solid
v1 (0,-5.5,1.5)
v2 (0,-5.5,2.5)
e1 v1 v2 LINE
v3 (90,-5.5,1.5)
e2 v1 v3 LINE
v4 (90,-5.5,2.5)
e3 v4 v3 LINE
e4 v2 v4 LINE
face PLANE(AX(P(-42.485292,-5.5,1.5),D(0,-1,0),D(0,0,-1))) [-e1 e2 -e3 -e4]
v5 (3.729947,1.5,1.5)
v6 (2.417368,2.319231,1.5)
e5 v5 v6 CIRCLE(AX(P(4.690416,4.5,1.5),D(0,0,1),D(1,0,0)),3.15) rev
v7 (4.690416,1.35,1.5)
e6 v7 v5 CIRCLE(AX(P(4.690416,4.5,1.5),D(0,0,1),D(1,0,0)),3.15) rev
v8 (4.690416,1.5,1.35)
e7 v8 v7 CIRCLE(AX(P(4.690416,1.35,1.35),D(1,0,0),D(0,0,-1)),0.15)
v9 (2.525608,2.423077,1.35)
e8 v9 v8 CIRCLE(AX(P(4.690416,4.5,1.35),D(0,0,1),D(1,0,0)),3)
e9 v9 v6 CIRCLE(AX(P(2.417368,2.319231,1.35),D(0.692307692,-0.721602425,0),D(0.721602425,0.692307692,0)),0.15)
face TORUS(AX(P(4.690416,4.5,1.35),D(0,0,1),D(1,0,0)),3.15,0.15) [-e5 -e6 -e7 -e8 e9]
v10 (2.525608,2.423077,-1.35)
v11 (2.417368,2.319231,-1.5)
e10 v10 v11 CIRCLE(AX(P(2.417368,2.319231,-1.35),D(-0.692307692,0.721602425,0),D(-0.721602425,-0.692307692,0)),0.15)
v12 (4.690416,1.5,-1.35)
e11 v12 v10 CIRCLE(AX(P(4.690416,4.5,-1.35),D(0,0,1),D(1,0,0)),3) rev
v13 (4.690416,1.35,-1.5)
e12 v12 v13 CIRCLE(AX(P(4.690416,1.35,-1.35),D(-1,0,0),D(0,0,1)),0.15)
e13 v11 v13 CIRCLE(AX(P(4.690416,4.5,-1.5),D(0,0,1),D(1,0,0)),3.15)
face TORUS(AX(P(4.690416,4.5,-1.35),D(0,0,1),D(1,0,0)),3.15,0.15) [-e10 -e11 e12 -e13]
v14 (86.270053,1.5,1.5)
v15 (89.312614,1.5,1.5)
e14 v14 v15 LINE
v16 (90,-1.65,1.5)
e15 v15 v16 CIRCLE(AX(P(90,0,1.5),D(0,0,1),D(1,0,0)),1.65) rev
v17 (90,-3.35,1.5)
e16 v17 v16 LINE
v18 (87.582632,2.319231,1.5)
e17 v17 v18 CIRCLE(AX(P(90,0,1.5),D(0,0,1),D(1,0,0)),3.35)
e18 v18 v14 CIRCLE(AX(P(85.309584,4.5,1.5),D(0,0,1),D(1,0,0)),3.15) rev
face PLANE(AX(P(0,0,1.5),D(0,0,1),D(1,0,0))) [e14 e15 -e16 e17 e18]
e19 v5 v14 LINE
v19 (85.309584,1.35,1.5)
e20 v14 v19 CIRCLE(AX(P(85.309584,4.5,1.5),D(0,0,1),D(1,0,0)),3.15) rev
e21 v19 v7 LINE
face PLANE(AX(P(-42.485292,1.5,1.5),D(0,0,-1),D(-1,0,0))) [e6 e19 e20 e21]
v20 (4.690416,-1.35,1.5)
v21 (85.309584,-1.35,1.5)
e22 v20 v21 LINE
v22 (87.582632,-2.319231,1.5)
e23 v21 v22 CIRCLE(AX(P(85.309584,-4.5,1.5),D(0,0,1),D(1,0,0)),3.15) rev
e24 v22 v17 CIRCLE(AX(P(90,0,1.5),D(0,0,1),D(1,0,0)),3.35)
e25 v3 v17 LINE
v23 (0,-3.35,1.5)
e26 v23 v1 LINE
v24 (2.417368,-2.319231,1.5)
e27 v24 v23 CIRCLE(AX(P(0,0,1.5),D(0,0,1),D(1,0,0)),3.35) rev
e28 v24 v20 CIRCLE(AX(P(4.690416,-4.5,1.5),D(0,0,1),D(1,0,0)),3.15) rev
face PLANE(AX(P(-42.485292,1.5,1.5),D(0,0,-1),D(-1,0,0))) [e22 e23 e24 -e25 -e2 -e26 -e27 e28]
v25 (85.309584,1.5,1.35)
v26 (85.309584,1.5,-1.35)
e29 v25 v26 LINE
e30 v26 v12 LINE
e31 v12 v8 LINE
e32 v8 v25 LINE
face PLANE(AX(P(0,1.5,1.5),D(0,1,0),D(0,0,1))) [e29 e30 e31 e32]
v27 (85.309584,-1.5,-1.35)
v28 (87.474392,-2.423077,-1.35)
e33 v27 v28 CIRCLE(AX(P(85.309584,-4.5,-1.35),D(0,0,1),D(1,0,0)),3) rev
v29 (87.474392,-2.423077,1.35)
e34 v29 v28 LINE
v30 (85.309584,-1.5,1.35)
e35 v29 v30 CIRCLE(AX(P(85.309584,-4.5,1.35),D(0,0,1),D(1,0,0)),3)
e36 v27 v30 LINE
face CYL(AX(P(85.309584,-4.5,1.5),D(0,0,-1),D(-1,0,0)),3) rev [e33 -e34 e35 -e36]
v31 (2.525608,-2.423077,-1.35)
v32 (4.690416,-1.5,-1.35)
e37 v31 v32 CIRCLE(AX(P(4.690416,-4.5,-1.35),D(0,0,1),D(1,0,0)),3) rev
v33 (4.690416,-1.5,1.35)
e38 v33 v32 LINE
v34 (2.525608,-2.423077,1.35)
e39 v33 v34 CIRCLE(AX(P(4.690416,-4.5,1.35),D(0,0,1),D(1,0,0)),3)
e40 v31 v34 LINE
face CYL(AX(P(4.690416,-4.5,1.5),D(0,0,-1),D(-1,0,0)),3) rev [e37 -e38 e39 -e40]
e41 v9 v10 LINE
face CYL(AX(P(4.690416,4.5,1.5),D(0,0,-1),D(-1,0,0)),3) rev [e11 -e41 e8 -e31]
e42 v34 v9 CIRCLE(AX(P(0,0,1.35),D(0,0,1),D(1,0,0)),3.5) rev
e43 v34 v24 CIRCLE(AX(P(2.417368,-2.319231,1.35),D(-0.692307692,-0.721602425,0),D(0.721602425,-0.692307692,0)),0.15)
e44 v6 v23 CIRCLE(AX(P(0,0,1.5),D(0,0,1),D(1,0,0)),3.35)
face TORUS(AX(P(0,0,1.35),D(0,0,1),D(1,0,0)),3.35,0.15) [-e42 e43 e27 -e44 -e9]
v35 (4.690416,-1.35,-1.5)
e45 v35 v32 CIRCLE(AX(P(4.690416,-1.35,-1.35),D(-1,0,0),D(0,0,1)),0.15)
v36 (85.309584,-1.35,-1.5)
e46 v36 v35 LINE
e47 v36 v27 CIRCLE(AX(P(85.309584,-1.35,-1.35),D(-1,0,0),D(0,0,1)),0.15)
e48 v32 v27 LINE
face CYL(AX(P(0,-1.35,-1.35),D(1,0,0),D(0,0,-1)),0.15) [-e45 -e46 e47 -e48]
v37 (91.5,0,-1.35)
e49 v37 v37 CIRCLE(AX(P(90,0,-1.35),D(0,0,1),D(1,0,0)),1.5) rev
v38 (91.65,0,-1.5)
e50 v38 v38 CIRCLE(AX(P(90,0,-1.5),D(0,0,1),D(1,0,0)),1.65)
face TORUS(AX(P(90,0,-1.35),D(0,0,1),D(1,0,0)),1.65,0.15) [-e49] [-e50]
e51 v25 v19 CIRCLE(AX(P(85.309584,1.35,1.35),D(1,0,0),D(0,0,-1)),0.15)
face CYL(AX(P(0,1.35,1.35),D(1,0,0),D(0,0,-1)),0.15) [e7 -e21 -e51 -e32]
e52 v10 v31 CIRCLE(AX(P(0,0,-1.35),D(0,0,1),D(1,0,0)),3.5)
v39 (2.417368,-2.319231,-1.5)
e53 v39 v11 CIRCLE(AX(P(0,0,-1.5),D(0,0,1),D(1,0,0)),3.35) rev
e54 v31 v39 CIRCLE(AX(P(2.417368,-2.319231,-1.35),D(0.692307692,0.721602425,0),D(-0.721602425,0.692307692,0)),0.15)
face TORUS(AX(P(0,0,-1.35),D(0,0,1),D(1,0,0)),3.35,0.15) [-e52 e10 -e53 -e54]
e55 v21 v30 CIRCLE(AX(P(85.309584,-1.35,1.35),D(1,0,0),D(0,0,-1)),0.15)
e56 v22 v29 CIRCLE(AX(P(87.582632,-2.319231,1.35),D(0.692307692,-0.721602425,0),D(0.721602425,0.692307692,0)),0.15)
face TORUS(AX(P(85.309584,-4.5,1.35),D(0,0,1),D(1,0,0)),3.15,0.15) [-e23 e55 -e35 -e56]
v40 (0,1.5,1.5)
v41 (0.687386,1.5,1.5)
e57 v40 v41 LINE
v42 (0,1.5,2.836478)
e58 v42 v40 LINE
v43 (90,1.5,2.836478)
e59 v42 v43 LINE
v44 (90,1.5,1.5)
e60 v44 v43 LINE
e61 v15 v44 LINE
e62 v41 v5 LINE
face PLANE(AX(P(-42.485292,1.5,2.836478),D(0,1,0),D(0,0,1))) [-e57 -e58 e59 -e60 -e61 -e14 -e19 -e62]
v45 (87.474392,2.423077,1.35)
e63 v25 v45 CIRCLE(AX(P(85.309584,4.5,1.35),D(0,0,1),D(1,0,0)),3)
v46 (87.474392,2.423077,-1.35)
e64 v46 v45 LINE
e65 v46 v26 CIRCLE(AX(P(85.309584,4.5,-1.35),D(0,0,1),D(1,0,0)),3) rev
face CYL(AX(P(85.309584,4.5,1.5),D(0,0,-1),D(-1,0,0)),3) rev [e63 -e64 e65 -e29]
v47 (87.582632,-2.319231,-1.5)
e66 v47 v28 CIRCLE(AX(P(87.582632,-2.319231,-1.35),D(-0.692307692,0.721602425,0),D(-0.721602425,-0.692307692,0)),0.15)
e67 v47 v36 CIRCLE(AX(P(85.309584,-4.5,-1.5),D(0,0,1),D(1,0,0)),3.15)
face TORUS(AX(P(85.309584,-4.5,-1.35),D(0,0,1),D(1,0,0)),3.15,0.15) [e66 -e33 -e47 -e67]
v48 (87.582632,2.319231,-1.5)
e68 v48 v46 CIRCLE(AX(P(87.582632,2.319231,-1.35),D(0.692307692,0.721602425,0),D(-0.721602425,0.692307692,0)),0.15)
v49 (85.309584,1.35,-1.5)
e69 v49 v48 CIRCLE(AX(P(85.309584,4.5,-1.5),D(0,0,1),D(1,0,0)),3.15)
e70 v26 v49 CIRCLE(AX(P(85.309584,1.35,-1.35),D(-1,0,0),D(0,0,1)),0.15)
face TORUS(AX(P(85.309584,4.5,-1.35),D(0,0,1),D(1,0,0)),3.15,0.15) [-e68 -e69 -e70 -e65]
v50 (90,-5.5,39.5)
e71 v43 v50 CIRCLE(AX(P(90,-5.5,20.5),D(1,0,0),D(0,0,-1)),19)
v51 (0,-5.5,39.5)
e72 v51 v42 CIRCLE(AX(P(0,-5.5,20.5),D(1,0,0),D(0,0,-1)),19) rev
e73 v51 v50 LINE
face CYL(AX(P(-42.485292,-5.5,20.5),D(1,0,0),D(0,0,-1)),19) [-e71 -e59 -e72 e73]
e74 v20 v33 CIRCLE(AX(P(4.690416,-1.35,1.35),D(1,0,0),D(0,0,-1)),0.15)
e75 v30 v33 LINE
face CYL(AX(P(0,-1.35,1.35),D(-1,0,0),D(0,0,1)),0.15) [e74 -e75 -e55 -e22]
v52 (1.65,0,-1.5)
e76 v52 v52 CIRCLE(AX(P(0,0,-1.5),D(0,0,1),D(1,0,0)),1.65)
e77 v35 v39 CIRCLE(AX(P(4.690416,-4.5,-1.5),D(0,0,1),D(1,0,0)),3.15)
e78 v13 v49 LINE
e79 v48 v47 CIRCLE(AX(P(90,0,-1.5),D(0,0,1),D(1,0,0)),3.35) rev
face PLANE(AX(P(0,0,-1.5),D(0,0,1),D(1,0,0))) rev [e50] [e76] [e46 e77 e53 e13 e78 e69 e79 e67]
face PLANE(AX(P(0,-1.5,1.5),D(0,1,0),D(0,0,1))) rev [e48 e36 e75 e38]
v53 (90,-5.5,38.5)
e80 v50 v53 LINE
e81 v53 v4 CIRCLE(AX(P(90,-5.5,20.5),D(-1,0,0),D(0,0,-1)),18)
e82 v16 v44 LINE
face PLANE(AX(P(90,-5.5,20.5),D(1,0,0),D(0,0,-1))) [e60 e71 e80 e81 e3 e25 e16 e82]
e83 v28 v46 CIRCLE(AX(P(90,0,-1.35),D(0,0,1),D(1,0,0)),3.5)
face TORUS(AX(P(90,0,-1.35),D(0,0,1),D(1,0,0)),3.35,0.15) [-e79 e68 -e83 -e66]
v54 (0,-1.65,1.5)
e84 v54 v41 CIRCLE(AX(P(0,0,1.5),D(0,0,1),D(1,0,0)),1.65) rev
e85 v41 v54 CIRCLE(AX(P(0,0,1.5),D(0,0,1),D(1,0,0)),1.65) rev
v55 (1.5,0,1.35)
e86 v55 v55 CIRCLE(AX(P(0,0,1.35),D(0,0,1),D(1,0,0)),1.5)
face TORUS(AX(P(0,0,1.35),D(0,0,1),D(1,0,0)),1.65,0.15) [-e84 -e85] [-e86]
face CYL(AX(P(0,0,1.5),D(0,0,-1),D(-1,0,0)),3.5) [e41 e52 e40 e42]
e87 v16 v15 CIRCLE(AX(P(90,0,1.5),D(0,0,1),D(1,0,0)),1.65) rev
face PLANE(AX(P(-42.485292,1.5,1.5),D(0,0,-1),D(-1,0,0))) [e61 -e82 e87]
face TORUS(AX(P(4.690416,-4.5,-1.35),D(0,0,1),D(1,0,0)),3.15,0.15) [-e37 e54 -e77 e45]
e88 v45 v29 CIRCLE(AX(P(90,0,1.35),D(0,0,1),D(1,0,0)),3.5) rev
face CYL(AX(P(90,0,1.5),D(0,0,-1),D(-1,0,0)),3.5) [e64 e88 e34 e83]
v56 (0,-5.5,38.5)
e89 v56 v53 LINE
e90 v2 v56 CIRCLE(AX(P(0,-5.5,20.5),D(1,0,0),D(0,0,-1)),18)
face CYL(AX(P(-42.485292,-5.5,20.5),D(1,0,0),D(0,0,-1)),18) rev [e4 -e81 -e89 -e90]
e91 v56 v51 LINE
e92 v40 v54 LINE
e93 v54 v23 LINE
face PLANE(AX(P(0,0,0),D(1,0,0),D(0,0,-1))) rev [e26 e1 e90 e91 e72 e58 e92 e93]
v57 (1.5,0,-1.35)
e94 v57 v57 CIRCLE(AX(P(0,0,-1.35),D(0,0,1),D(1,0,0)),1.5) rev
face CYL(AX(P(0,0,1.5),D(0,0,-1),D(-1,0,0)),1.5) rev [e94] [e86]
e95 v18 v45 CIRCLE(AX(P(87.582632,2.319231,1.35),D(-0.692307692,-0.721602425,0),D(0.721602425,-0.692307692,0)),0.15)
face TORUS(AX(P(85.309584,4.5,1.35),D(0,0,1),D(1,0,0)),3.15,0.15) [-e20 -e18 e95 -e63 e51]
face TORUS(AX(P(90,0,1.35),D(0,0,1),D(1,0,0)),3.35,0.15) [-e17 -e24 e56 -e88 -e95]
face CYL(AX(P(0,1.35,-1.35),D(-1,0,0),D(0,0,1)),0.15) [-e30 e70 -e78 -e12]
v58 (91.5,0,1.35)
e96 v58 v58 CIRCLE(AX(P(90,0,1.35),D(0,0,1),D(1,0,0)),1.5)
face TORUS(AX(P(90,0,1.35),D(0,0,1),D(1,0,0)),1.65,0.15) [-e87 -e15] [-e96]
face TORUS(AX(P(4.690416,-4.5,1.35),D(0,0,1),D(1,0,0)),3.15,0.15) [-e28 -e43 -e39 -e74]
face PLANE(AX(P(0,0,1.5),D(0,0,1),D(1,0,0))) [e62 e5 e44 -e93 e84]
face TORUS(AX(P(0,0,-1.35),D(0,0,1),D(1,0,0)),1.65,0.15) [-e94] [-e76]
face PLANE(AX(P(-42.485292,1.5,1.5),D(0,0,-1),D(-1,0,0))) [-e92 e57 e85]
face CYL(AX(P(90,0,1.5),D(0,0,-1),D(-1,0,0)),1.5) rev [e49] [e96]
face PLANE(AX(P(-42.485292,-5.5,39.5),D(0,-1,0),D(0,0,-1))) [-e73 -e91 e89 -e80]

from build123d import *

# Parameters (mm, degrees)
SKETCH1_R           = 3.5
SKETCH1_R_2         = 1.5
BOSS_EXTRUDE1_DEPTH = 1.5
FILLET1_R           = 3
FILLET2_R           = 0.15
EXTRUDE_2_DEPTH     = 90


with BuildPart() as part:
    # Sketch1 → Boss-Extrude1 (new, symmetric)
    # profile 1 of 3: a face of its own
    with BuildSketch(Plane.XY):
        Circle(SKETCH1_R)
        Circle(SKETCH1_R_2, mode=Mode.SUBTRACT)
    # profile 2 of 3: a face of its own
    with BuildSketch(Plane.XY):
        with BuildLine():
            ThreePointArc((3.5, 0), (3.414525722, -0.768774411), (3.16227766, -1.5))
            Line((3.16227766, -1.5), (86.83772234, -1.5))
            ThreePointArc((86.83772234, -1.5), (86.5, 0), (86.83772234, 1.5))
            Line((86.83772234, 1.5), (3.16227766, 1.5))
            ThreePointArc((3.16227766, 1.5), (3.414525722, 0.768774411), (3.5, 0))
        make_face()
    # profile 3 of 3: a face of its own
    with BuildSketch(Plane.XY):
        with Locations((90, 0)):
            Circle(SKETCH1_R)
        with Locations((90, 0)):
            Circle(SKETCH1_R_2, mode=Mode.SUBTRACT)
    extrude(amount=BOSS_EXTRUDE1_DEPTH, both=True)

    # Fillet1
    fillet1_edges = [part.edges().sort_by_distance(p)[0] for p in [
        (86.83772234, 1.5, 0),
        (86.83772234, -1.5, 0),
        (3.16227766, -1.5, 0),
        (3.16227766, 1.5, 0),
    ]]
    fillet(fillet1_edges, radius=FILLET1_R)

    # Fillet2
    fillet2_edges = [part.edges().sort_by_distance(p)[0] for p in [
        (45, -1.5, -1.5),
        (45, -1.5, 1.5),
        (-1.5, 0, 1.5),
        (-3.5, 0, -1.5),
        (-3.5, 0, 1.5),
        (93.5, 0, -1.5),
        (93.5, 0, 1.5),
        (88.5, 0, 1.5),
        (45, 1.5, -1.5),
        (45, 1.5, 1.5),
        (3.513718949, -1.740401367, -1.5),
        (3.513718949, -1.740401367, 1.5),
        (86.486281051, -1.740401367, -1.5),
        (86.486281051, -1.740401367, 1.5),
        (86.486281051, 1.740401367, -1.5),
        (86.486281051, 1.740401367, 1.5),
        (3.513718949, 1.740401367, -1.5),
        (3.513718949, 1.740401367, 1.5),
        (88.5, 0, -1.5),
        (-1.5, 0, -1.5),
    ]]
    fillet(fillet2_edges, radius=FILLET2_R)

    # 草图10 → 凸台-拉伸2 (add)
    with BuildSketch(Plane(origin=(90, 0, 0), x_dir=(0, 0, -1), z_dir=(1, 0, 0))):
        with BuildLine():
            Line((-1.5, -5.5), (-2.5, -5.5))
            ThreePointArc((-2.5, -5.5), (-20.5, 12.5), (-38.5, -5.5))
            Line((-38.5, -5.5), (-39.5, -5.5))
            ThreePointArc((-39.5, -5.5), (-24.06322095, 13.162889821), (-2.836478267, 1.5))
            Line((-2.836478267, 1.5), (-1.5, 1.5))
            Line((-1.5, 1.5), (-1.5, -5.5))
        make_face()
    extrude(amount=-EXTRUDE_2_DEPTH)


solid = part.part
